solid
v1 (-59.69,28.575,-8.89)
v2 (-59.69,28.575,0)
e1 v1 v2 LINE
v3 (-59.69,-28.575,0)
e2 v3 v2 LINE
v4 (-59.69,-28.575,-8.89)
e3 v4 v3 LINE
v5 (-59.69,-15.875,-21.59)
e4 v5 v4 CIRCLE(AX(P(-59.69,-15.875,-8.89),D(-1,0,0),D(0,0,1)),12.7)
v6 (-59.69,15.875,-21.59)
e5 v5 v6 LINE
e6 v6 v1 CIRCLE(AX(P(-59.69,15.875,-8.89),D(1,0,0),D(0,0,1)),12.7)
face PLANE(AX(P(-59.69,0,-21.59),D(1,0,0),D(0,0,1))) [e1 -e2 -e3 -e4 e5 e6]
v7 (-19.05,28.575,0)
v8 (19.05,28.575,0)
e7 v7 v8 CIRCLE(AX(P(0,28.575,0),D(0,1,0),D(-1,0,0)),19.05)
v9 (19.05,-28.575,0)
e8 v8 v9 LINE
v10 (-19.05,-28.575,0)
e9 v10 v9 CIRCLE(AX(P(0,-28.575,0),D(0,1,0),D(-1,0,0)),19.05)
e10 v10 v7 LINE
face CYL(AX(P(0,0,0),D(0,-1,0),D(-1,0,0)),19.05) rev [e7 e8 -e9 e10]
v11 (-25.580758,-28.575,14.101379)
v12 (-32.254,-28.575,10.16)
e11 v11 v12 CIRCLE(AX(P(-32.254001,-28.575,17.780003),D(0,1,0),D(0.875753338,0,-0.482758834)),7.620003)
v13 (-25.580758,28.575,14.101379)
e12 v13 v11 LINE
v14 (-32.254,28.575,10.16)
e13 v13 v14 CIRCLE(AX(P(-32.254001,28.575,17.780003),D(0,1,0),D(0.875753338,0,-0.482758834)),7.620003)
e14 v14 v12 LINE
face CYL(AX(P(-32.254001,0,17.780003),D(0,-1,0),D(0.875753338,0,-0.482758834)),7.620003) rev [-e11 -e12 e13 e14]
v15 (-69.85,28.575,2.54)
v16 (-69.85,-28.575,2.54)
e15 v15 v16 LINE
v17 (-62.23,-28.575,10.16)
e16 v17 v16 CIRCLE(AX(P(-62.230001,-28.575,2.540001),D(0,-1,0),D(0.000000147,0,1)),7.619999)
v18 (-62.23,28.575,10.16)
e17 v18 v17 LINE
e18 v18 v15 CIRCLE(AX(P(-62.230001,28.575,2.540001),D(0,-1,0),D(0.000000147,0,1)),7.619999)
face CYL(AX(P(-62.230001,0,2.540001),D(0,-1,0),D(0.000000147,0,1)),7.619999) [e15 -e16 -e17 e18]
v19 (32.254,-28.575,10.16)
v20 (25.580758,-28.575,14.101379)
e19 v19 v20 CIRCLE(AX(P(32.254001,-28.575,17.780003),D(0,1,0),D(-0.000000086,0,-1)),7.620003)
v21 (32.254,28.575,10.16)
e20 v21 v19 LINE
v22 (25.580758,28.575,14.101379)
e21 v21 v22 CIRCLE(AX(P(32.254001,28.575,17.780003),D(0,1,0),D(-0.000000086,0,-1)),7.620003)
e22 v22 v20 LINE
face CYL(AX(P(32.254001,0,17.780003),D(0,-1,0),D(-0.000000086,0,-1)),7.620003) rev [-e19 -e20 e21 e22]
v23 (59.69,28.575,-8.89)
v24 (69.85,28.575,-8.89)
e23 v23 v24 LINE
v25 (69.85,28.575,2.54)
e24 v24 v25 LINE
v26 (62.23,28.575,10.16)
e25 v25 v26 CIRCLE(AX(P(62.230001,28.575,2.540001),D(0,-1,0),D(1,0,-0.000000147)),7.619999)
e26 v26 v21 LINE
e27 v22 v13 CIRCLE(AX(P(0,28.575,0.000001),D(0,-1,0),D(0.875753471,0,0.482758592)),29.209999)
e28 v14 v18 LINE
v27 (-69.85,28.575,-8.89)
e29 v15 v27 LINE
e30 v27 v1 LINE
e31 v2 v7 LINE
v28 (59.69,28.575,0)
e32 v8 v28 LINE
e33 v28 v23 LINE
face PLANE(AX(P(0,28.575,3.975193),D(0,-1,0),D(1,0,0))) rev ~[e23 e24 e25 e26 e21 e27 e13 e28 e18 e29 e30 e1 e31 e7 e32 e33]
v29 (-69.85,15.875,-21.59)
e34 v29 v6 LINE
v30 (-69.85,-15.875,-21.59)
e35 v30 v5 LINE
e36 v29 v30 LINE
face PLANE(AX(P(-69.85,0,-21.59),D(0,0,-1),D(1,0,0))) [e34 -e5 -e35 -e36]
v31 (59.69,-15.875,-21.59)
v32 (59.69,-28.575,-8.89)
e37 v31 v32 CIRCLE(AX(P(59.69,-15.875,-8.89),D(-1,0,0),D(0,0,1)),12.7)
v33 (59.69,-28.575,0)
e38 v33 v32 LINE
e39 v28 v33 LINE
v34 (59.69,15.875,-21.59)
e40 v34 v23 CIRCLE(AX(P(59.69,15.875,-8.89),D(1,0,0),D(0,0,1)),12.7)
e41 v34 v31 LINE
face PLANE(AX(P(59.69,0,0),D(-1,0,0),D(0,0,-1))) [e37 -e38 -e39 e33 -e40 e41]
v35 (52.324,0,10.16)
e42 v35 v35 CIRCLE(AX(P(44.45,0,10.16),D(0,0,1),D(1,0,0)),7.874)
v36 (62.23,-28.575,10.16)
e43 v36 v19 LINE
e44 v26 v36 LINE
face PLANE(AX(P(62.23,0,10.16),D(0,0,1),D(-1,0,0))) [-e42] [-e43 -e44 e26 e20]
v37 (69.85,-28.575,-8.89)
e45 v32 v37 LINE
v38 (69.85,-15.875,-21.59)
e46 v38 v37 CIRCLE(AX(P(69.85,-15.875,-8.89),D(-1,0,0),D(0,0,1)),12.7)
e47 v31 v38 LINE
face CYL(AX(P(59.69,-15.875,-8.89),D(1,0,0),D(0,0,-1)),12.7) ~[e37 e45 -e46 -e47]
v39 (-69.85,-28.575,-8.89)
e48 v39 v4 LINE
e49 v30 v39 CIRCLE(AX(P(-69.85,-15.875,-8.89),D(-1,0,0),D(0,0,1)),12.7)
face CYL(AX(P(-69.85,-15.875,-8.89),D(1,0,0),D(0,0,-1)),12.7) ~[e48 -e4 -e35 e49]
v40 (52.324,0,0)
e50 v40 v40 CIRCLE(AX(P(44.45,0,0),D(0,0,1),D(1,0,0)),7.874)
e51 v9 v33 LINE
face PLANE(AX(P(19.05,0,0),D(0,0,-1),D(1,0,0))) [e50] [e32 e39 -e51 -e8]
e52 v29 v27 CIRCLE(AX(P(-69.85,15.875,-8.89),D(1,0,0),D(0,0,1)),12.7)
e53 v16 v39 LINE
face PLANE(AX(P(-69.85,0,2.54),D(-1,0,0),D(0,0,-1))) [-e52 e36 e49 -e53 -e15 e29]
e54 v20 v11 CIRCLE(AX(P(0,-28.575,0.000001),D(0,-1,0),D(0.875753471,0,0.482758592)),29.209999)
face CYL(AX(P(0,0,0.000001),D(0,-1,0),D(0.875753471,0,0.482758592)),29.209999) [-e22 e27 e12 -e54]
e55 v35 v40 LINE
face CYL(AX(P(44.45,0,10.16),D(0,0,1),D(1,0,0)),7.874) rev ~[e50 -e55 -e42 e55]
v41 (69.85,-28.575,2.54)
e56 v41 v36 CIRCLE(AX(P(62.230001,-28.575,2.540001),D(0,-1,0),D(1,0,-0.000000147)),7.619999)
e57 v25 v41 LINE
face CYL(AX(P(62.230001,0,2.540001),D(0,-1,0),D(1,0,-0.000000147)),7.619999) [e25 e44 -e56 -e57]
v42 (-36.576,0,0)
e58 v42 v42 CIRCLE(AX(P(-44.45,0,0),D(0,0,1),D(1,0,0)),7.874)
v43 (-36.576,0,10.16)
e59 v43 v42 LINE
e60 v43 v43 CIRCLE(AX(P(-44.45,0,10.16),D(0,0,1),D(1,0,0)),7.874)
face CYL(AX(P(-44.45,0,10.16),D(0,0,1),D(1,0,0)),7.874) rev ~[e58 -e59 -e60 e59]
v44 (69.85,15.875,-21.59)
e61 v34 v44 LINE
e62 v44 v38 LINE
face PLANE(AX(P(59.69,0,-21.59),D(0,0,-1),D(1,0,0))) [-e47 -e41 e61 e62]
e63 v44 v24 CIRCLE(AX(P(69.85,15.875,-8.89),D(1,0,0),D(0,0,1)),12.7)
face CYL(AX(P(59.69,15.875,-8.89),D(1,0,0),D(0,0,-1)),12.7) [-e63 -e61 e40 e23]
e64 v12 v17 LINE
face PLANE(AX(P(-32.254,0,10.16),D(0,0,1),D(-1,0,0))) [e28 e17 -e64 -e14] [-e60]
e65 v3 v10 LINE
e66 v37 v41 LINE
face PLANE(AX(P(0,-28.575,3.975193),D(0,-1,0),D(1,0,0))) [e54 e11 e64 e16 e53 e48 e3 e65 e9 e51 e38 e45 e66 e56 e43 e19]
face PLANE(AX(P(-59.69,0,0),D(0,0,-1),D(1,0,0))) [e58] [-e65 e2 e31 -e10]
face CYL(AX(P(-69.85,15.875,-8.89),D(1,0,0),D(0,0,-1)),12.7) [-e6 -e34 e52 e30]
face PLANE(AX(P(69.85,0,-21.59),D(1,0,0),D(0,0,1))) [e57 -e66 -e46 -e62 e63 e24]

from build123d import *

# Parameters (mm, degrees)
F1_DEPTH = 28.575
F2_R     = 12.7
F3_R     = 7.874
F4_DEPTH = 10.16


with BuildPart() as f1:
    # F0 (on Front) → F1 (new body, symmetric)
    with BuildSketch(Plane.XZ):
        with BuildLine():
            ThreePointArc((-19.05, 0), (0, 19.05), (19.05, 0))
            Line((19.05, 0), (59.69, 0))
            Line((59.69, 0), (59.69, -21.59))
            Line((59.69, -21.59), (69.85, -21.59))
            Line((69.85, -21.59), (69.85, 2.54))
            ThreePointArc((69.85, 2.54), (67.618154, 7.928154), (62.23, 10.16))
            Line((62.23, 10.16), (32.254, 10.16))
            ThreePointArc((32.254, 10.16), (28.378867, 11.218922), (25.580758, 14.101379))
            ThreePointArc((25.580758, 14.101379), (0, 29.21), (-25.580758, 14.101379))
            ThreePointArc((-25.580758, 14.101379), (-28.378867, 11.218922), (-32.254, 10.16))
            Line((-32.254, 10.16), (-62.23, 10.16))
            ThreePointArc((-62.23, 10.16), (-67.618154, 7.928154), (-69.85, 2.54))
            Line((-69.85, 2.54), (-69.85, -21.59))
            Line((-69.85, -21.59), (-59.69, -21.59))
            Line((-59.69, -21.59), (-59.69, 0))
            Line((-59.69, 0), (-19.05, 0))
        make_face()
    extrude(amount=F1_DEPTH, both=True)

    # F2
    f2_edges = [f1.edges().sort_by_distance(p)[0] for p in [
        (64.77, -28.575, -21.59),
        (-64.77, -28.575, -21.59),
        (64.77, 28.575, -21.59),
        (-64.77, 28.575, -21.59),
    ]]
    fillet(f2_edges, radius=F2_R)

    # F3 (on face) → F4 (cut)
    with BuildSketch(Plane.XY.offset(10.16)):
        with Locations((-44.45, 0)):
            Circle(F3_R)
        with Locations((44.45, 0)):
            Circle(F3_R)
    extrude(amount=-F4_DEPTH, mode=Mode.SUBTRACT)


solid = f1.part
